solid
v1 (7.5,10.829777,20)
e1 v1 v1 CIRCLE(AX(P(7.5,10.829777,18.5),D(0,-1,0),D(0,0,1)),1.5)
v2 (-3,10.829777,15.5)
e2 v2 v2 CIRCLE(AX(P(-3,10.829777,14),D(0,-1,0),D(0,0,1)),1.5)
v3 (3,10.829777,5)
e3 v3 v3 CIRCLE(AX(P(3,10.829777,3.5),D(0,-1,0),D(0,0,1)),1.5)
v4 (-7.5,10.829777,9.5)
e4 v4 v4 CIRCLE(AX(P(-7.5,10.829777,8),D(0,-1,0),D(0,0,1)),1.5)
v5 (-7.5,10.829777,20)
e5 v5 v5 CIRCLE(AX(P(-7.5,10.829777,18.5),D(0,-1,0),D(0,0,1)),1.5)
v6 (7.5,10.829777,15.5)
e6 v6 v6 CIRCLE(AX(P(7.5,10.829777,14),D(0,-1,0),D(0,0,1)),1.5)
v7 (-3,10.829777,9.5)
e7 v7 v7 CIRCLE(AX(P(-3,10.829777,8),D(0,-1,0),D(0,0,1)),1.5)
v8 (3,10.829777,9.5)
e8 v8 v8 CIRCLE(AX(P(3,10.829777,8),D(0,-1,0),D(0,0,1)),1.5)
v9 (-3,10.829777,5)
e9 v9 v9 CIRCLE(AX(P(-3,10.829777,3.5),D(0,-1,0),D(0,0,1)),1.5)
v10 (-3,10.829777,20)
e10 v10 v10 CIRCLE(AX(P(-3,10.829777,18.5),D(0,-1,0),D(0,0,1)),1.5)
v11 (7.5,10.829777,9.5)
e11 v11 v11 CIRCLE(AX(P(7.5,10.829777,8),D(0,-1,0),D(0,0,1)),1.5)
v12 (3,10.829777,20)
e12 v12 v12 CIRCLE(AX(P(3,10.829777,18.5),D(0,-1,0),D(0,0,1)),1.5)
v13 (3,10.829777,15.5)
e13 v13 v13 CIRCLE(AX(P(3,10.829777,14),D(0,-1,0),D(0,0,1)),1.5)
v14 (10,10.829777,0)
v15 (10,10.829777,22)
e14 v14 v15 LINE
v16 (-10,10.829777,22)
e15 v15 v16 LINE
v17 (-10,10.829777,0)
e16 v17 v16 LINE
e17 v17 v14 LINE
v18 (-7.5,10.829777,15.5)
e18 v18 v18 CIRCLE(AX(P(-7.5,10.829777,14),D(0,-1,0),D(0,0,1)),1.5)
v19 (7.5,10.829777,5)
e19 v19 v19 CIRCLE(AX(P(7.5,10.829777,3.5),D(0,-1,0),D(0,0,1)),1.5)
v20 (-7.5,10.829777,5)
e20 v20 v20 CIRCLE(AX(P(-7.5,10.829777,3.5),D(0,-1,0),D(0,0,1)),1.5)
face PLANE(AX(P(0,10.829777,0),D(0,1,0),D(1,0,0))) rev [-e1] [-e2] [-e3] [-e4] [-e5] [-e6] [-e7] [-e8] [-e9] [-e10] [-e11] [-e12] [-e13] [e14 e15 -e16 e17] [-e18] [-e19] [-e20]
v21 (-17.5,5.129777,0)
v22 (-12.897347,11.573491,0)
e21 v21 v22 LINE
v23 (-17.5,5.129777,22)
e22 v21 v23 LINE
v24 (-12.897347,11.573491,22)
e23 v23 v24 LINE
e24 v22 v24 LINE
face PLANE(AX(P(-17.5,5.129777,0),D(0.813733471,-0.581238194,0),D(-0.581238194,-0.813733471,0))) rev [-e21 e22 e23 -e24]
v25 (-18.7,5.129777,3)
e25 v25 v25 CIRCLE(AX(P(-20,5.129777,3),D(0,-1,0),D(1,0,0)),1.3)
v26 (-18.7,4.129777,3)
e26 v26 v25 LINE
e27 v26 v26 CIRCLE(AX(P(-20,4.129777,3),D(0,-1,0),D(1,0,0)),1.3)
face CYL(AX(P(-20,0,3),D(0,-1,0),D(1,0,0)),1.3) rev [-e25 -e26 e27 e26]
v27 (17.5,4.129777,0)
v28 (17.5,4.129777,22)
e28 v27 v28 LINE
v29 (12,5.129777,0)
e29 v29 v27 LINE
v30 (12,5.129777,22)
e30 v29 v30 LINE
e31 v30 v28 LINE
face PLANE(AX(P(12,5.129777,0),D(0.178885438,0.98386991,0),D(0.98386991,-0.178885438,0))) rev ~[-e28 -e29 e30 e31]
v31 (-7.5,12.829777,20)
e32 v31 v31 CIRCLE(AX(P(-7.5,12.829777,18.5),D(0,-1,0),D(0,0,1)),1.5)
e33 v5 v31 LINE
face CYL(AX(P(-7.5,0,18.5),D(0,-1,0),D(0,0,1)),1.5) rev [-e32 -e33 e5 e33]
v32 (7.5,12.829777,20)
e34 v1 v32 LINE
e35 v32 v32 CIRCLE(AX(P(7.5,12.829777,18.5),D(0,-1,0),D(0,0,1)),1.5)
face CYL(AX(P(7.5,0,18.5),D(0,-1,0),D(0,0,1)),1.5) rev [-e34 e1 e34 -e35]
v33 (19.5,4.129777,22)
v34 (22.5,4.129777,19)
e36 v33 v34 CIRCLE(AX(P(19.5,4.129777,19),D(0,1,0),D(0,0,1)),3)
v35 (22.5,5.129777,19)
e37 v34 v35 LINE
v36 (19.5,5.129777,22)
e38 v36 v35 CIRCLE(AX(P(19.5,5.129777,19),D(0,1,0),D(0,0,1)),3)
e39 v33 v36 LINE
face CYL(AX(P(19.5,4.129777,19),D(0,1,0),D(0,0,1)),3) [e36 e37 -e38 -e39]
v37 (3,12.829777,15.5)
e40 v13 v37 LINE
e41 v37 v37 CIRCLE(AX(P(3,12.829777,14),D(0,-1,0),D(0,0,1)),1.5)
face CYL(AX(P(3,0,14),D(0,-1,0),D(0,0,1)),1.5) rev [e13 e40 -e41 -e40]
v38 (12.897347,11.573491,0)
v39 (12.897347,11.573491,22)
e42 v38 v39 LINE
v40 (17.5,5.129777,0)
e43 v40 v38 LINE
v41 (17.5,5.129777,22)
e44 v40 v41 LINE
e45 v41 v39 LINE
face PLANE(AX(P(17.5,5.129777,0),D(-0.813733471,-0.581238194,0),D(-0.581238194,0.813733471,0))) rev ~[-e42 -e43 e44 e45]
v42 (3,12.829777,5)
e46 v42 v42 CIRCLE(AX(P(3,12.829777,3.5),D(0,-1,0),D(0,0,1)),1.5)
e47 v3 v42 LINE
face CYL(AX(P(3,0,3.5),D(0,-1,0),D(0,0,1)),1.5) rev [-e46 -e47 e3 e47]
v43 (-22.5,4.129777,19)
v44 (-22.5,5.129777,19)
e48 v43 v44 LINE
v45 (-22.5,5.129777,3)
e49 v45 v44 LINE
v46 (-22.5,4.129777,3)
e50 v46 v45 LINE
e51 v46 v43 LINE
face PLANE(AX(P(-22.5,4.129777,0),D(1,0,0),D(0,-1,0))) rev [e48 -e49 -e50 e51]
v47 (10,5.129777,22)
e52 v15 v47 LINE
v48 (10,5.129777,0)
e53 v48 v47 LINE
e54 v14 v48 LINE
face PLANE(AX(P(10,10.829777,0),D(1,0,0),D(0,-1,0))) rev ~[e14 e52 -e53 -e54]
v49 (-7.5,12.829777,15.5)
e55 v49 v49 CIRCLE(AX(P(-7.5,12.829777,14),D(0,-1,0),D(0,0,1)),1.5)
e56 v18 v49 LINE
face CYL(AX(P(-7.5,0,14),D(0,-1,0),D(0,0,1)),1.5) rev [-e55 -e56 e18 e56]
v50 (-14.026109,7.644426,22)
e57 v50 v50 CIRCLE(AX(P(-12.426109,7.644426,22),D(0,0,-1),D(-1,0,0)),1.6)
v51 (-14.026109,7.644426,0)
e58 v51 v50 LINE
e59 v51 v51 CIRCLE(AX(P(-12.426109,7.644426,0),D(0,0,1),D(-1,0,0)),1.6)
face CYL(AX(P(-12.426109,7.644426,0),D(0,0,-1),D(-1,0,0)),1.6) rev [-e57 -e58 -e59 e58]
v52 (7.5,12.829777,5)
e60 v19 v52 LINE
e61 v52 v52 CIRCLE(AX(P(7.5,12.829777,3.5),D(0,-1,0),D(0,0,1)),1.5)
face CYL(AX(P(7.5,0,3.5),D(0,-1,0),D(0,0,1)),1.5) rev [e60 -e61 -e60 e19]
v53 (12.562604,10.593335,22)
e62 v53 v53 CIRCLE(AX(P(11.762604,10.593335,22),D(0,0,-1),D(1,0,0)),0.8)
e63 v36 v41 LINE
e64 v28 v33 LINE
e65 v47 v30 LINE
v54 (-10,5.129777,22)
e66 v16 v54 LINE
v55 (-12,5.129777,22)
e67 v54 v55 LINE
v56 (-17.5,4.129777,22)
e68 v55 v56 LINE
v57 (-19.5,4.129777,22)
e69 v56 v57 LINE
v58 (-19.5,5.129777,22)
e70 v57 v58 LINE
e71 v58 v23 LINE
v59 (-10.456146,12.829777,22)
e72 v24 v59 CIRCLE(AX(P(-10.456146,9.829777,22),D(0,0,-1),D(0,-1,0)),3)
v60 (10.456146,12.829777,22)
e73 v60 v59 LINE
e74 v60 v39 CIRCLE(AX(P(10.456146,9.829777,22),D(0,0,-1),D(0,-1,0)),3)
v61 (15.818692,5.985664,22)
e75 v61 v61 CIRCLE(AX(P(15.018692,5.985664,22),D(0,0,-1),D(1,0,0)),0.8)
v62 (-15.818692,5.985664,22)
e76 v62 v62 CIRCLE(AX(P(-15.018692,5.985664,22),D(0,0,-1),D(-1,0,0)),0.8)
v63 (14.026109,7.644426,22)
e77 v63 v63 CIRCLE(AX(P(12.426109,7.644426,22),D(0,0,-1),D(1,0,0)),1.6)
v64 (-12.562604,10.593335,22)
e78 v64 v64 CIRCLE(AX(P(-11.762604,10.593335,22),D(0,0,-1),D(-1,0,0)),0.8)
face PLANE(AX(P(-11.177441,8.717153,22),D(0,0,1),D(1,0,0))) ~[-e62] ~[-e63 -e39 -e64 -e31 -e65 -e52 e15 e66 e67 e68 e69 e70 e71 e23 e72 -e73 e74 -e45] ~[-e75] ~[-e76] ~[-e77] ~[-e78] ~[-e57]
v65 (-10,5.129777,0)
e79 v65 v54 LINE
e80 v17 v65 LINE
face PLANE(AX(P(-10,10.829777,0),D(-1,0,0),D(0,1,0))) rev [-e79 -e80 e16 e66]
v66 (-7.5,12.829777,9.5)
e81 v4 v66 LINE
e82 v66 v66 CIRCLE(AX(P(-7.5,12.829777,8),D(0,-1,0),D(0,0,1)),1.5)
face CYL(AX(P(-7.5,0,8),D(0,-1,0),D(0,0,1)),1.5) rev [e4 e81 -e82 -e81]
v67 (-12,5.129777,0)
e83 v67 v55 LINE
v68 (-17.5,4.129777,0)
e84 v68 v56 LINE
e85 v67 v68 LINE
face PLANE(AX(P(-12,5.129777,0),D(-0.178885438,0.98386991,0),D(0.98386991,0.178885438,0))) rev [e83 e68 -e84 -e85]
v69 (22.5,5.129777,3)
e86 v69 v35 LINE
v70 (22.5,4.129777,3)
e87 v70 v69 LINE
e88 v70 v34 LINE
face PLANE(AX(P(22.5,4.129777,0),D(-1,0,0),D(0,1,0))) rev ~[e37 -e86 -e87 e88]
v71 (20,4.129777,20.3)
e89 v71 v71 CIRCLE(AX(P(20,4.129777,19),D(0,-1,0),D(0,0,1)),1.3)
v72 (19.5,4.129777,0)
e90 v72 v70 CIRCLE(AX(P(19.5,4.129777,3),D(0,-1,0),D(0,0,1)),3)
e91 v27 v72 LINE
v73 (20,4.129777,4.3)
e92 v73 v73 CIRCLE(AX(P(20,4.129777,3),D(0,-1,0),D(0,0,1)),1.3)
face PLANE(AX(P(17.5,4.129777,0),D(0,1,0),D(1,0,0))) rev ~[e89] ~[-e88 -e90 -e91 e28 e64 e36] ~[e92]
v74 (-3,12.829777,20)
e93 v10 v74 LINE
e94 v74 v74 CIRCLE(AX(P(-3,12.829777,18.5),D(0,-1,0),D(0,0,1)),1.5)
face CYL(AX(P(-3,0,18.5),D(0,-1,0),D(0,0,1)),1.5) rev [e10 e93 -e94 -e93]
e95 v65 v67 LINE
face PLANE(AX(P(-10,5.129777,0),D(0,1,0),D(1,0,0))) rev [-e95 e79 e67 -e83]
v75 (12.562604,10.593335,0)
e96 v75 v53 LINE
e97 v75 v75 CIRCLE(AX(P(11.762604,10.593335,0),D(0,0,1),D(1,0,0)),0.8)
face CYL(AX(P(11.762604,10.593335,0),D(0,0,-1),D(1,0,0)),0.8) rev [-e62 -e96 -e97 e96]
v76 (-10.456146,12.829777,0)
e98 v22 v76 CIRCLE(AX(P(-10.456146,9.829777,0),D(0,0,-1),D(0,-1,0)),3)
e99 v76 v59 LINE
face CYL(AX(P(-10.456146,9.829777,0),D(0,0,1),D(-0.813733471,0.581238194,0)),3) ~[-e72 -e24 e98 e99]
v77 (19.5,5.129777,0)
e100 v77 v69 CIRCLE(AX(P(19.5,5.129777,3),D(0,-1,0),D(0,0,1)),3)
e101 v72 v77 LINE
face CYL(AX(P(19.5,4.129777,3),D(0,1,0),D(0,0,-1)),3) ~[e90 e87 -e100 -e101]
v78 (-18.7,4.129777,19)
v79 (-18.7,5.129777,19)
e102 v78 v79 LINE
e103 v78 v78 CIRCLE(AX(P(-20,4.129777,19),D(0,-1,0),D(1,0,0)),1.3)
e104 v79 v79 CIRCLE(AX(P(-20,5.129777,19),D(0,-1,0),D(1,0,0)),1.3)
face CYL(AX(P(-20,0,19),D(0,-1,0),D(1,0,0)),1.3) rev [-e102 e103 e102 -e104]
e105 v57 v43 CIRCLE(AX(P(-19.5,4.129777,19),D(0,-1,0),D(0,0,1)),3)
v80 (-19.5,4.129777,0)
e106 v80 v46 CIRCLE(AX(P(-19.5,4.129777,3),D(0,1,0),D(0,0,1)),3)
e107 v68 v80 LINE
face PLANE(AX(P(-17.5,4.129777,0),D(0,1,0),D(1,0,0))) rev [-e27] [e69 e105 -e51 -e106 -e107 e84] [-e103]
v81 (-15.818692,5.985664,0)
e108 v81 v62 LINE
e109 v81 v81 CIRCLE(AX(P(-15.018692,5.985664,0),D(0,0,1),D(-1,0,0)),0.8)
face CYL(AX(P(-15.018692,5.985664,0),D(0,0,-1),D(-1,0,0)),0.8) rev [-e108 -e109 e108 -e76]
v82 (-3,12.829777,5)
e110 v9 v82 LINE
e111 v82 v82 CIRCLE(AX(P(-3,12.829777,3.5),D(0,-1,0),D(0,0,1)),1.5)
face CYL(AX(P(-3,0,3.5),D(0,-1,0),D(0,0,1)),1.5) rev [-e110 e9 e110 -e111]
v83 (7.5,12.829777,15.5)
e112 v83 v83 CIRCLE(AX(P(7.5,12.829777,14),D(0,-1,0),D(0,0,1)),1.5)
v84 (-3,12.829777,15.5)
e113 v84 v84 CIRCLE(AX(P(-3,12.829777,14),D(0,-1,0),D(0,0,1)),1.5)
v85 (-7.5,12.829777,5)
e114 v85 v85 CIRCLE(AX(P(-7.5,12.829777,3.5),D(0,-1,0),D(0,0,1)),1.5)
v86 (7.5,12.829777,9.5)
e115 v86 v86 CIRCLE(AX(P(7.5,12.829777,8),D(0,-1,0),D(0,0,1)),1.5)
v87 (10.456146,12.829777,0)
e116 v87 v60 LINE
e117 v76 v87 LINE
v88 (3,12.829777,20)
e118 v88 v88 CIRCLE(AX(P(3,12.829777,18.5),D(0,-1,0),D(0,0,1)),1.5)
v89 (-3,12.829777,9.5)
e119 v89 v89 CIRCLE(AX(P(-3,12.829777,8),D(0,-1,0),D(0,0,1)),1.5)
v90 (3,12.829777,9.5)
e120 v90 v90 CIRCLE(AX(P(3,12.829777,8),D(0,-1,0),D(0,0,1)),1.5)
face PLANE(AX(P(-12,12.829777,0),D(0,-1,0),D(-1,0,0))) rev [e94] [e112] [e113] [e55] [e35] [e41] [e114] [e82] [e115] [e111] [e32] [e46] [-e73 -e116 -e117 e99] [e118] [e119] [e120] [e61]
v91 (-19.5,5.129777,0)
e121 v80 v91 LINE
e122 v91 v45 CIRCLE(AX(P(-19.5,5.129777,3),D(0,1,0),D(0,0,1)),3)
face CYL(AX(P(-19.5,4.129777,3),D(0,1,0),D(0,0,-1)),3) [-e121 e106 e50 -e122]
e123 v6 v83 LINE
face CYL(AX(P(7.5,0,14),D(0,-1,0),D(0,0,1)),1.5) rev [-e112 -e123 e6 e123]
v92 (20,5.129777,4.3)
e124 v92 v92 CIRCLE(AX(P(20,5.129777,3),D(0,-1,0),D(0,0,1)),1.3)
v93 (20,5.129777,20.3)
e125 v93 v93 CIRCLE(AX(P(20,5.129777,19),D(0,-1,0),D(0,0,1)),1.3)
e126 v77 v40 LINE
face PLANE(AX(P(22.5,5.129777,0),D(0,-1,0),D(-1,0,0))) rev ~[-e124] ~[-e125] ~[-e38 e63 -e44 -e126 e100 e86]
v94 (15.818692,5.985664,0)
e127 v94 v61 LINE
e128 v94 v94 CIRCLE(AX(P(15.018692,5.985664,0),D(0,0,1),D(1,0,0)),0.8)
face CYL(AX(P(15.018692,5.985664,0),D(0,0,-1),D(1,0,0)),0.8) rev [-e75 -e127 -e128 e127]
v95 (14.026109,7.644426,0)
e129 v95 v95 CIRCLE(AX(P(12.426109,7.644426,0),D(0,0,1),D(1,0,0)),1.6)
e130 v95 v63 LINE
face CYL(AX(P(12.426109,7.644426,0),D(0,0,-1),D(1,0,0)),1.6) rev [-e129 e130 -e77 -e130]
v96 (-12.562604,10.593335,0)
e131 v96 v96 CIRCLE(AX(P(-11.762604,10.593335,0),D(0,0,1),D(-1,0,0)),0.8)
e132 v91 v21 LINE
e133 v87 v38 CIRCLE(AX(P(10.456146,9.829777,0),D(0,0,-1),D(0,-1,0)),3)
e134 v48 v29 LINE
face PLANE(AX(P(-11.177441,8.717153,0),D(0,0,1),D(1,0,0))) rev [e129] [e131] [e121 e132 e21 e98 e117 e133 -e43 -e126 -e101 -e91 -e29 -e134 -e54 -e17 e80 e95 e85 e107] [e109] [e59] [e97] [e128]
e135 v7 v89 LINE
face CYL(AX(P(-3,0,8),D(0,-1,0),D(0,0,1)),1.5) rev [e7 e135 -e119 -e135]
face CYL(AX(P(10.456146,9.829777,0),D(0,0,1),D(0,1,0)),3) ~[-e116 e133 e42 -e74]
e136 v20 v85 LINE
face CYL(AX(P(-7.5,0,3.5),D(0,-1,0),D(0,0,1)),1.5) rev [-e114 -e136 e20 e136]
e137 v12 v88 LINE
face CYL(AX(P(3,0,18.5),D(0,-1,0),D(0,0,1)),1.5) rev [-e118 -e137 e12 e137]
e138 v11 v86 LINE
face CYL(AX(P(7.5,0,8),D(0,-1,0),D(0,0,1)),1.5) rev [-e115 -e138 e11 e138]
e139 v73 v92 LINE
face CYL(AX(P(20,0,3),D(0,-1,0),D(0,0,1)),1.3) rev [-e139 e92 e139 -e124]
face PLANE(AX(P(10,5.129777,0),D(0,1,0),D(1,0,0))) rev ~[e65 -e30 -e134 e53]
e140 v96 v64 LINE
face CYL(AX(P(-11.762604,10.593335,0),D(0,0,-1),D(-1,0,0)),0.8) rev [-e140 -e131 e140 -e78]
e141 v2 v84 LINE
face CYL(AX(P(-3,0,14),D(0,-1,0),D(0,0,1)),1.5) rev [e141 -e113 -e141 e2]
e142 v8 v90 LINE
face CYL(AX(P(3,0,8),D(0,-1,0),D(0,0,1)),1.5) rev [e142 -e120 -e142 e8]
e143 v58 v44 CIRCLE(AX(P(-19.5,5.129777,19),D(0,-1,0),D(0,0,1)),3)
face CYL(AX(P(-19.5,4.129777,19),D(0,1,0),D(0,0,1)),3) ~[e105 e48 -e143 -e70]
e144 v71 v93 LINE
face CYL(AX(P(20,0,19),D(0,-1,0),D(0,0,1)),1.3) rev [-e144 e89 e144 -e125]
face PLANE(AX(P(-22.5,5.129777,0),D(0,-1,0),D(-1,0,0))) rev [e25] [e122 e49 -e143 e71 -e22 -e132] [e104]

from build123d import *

# Parameters (mm, degrees)
EXTRUDE_1_DEPTH     = 22
SKETCH_5_R          = 1.3
CUT_EXTRUDE_2_DEPTH = 19
FILLET_1_R          = 3
SKETCH_6_R          = 1.5
CUT_EXTRUDE_3_DEPTH = 30
SKETCH_7_R          = 1.6
SKETCH_7_R_2        = 0.8
CUT_EXTRUDE_4_DEPTH = 27
FILLET_2_R          = 3


with BuildPart() as part:
    # 草图1 → 凸台-拉伸1 (new body)
    with BuildSketch(Plane.XY):
        Polygon((0, 12.829776804), (0, 10.829776804), (10, 10.829776804), (10, 5.129776804), (12, 5.129776804), (17.5, 4.129776804), (22.5, 4.129776804), (22.5, 5.129776804), (17.5, 5.129776804), (12, 12.829776804), align=None)
    extrude_1 = extrude(amount=EXTRUDE_1_DEPTH)

    # 镜向1: 凸台-拉伸1 across plane
    add(extrude_1.mirror(Plane(origin=(0, 0, 22), x_dir=(0, 0, 1), z_dir=(1, 0, 0))))

    # 草图5 → 切除-拉伸2 (cut)
    with BuildSketch(Plane(origin=(0, 0, 0), x_dir=(1, 0, 0), z_dir=(0, 1, 0))):
        with Locations((-20, -3)):
            Circle(SKETCH_5_R)
        with Locations((-20, -19)):
            Circle(SKETCH_5_R)
        with Locations(Location((20, -3, 0), (0, 0, 270))):
            Circle(SKETCH_5_R)
        with Locations(Location((20, -19, 0), (0, 0, 270))):
            Circle(SKETCH_5_R)
    extrude(amount=CUT_EXTRUDE_2_DEPTH, mode=Mode.SUBTRACT)

    # 圆角1
    fillet_1_edges = [part.edges().sort_by_distance(p)[0] for p in [
        (22.5, 4.629776804, 0),
        (22.5, 4.629776804, 22),
        (-22.5, 4.629776804, 22),
        (-22.5, 4.629776804, 0),
    ]]
    fillet(fillet_1_edges, radius=FILLET_1_R)

    # 草图6 → 切除-拉伸3 (cut)
    with BuildSketch(Plane(origin=(0, 0, 0), x_dir=(1, 0, 0), z_dir=(0, 1, 0))):
        with Locations(Location((-3, -8, 0), (0, 0, 270))):
            Circle(SKETCH_6_R)
        with Locations(Location((-7.5, -8, 0), (0, 0, 270))):
            Circle(SKETCH_6_R)
        with Locations(Location((-7.5, -3.5, 0), (0, 0, 270))):
            Circle(SKETCH_6_R)
        with Locations(Location((-3, -3.5, 0), (0, 0, 270))):
            Circle(SKETCH_6_R)
        with Locations(Location((-3, -14, 0), (0, 0, 270))):
            Circle(SKETCH_6_R)
        with Locations(Location((-7.5, -14, 0), (0, 0, 270))):
            Circle(SKETCH_6_R)
        with Locations(Location((-3, -18.5, 0), (0, 0, 270))):
            Circle(SKETCH_6_R)
        with Locations(Location((-7.5, -18.5, 0), (0, 0, 270))):
            Circle(SKETCH_6_R)
        with Locations(Location((3, -18.5, 0), (0, 0, 270))):
            Circle(SKETCH_6_R)
        with Locations(Location((7.5, -18.5, 0), (0, 0, 270))):
            Circle(SKETCH_6_R)
        with Locations(Location((3, -14, 0), (0, 0, 270))):
            Circle(SKETCH_6_R)
        with Locations(Location((7.5, -14, 0), (0, 0, 270))):
            Circle(SKETCH_6_R)
        with Locations(Location((3, -8, 0), (0, 0, 270))):
            Circle(SKETCH_6_R)
        with Locations(Location((7.5, -8, 0), (0, 0, 270))):
            Circle(SKETCH_6_R)
        with Locations(Location((3, -3.5, 0), (0, 0, 270))):
            Circle(SKETCH_6_R)
        with Locations(Location((7.5, -3.5, 0), (0, 0, 270))):
            Circle(SKETCH_6_R)
    extrude(amount=CUT_EXTRUDE_3_DEPTH, mode=Mode.SUBTRACT)

    # 草图7 → 切除-拉伸4 (cut)
    with BuildSketch(Plane.XY):
        with Locations((12.426108542, 7.644425741)):
            Circle(SKETCH_7_R)
        with Locations((15.018691649, 5.985664037)):
            Circle(SKETCH_7_R_2)
        with Locations((11.76260386, 10.593335436)):
            Circle(SKETCH_7_R_2)
        with Locations(Location((-11.76260386, 10.593335436, 0), (0, 0, 180))):
            Circle(SKETCH_7_R_2)
        with Locations(Location((-12.426108542, 7.644425741, 0), (0, 0, 180))):
            Circle(SKETCH_7_R)
        with Locations(Location((-15.018691649, 5.985664037, 0), (0, 0, 180))):
            Circle(SKETCH_7_R_2)
    extrude(amount=CUT_EXTRUDE_4_DEPTH, mode=Mode.SUBTRACT)

    # 圆角2
    fillet_2_edges = [part.edges().sort_by_distance(p)[0] for p in [
        (12, 12.829776804, 11),
        (-12, 12.829776804, 11),
    ]]
    fillet(fillet_2_edges, radius=FILLET_2_R)


solid = part.part
